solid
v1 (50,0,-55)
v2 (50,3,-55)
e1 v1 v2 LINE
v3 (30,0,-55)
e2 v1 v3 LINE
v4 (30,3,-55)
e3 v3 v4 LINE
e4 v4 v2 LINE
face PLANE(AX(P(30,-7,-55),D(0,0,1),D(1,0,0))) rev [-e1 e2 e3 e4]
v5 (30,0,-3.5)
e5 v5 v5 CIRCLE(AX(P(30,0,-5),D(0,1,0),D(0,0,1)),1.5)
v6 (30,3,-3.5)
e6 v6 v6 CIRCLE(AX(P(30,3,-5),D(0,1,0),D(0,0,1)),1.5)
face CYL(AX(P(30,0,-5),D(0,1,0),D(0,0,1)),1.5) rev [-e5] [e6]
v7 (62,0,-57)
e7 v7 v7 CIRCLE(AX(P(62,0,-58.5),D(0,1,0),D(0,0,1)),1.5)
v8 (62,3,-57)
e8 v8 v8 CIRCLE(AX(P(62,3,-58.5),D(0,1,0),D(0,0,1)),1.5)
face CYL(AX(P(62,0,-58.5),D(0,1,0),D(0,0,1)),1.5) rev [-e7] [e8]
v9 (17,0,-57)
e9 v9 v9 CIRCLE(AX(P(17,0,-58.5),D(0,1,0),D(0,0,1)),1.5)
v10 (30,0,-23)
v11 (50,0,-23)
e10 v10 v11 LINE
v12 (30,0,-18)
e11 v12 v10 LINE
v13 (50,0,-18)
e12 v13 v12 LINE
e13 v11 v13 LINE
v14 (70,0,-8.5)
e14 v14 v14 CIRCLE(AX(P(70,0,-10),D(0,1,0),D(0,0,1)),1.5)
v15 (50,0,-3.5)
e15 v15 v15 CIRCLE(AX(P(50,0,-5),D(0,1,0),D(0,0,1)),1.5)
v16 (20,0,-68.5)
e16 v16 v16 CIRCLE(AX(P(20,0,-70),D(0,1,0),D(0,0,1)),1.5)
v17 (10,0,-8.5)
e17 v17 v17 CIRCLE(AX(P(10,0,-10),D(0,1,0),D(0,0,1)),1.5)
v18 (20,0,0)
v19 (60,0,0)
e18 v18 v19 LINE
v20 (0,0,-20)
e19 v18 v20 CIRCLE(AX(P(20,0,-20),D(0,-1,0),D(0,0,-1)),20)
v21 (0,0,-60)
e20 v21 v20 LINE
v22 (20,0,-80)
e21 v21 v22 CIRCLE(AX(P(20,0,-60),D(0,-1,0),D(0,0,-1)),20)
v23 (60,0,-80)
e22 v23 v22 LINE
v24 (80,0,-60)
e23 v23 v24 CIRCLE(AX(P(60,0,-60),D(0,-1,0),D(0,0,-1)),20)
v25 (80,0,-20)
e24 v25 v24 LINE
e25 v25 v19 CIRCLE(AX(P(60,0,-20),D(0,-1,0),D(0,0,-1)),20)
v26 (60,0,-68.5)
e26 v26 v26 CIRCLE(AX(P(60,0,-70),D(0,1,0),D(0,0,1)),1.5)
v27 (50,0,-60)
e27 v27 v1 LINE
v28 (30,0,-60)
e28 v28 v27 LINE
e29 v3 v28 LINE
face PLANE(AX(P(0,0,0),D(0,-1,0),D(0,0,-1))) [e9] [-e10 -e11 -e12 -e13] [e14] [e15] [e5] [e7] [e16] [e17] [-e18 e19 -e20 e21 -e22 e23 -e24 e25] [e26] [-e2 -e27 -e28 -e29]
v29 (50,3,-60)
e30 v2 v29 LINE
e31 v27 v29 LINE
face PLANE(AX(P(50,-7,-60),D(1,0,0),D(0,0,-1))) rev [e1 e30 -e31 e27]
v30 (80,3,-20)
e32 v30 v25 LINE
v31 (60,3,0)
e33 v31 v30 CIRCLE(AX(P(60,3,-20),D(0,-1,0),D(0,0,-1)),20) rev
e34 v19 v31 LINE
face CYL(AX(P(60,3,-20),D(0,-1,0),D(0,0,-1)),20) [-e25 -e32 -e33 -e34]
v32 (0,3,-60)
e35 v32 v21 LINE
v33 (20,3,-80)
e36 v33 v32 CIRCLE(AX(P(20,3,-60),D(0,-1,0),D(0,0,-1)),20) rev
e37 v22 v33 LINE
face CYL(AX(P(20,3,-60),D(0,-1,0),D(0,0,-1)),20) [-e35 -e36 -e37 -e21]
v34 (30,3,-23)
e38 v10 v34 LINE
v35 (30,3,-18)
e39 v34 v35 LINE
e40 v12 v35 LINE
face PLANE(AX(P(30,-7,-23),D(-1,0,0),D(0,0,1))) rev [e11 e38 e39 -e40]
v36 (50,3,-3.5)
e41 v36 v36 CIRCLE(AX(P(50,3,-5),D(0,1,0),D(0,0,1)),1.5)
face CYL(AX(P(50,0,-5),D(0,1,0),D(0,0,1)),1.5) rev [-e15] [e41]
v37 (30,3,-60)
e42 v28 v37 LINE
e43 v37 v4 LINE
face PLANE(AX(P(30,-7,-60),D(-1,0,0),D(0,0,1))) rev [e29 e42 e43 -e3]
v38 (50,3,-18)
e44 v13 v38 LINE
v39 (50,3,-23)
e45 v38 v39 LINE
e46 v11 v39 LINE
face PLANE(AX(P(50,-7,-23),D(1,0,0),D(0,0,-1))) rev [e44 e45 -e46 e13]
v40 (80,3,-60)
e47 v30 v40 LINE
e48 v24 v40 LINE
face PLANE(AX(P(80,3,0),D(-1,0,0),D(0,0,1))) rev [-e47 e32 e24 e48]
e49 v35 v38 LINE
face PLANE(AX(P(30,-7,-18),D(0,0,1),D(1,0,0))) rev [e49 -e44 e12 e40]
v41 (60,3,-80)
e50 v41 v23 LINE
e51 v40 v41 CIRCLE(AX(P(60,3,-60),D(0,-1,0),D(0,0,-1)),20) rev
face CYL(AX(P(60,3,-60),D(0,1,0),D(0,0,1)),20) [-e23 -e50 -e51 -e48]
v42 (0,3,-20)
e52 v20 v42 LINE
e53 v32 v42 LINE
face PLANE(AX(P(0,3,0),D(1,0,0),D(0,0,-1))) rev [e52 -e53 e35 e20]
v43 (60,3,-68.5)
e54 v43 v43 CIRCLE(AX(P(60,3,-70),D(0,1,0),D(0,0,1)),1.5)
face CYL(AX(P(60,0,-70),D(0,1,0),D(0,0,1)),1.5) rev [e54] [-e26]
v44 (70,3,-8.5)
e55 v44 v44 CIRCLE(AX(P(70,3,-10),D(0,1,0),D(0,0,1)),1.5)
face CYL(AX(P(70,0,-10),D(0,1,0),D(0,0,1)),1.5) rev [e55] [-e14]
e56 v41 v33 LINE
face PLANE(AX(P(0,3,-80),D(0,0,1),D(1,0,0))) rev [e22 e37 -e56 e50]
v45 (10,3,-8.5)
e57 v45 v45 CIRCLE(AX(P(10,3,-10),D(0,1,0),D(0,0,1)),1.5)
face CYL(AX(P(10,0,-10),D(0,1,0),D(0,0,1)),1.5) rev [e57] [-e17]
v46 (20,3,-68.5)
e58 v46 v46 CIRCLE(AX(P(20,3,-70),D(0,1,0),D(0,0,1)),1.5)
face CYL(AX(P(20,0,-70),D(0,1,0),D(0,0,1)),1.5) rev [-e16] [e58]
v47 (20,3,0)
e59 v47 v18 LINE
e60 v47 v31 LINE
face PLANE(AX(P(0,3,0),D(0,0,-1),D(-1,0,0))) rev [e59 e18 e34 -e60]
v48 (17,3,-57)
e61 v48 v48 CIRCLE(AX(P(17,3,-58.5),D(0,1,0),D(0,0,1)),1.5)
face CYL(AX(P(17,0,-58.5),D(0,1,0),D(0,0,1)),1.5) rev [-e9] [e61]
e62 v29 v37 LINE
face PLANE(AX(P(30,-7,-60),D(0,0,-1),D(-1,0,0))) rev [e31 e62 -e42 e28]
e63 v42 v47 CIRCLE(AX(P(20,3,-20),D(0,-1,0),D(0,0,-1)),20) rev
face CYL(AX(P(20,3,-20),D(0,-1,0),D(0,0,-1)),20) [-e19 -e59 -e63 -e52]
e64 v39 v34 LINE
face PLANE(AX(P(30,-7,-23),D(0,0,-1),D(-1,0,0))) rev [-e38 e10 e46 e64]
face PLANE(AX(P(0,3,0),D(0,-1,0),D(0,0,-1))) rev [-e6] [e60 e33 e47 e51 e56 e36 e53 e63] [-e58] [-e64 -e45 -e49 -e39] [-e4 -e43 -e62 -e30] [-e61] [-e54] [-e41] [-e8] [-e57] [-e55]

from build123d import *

# Parameters (mm, degrees)
SKETCH3_W           = 80
SKETCH3_H           = 80
BOSS_EXTRUDE1_DEPTH = 3
FILLET3_R           = 20
FILLET4_R           = 20
FILLET5_R           = 20
FILLET6_R           = 20
SKETCH6_R           = 1.5
CUT_EXTRUDE2_DEPTH  = 3
SKETCH9_R           = 1.5
CUT_EXTRUDE3_DEPTH  = 3
SKETCH12_R          = 1.5
CUT_EXTRUDE6_DEPTH  = 3
SKETCH13_R          = 1.5
CUT_EXTRUDE7_DEPTH  = 3
SKETCH14_W          = 20
SKETCH14_H          = 5
CUT_EXTRUDE8_DEPTH  = 10


with BuildPart() as part:
    # Sketch3 → Boss-Extrude1 (new body)
    with BuildSketch(Plane(origin=(0, 0, 0), x_dir=(1, 0, 0), z_dir=(0, 1, 0))):
        with Locations((40, 40)):
            Rectangle(SKETCH3_W, SKETCH3_H)
    extrude(amount=BOSS_EXTRUDE1_DEPTH)

    # Fillet3
    fillet3_edges = [part.edges().sort_by_distance(p)[0] for p in [
        (0, 1.5, -80),
    ]]
    fillet(fillet3_edges, radius=FILLET3_R)

    # Fillet4
    fillet4_edges = [part.edges().sort_by_distance(p)[0] for p in [
        (80, 1.5, -80),
    ]]
    fillet(fillet4_edges, radius=FILLET4_R)

    # Fillet5
    fillet5_edges = [part.edges().sort_by_distance(p)[0] for p in [
        (80, 1.5, 0),
    ]]
    fillet(fillet5_edges, radius=FILLET5_R)

    # Fillet6
    fillet6_edges = [part.edges().sort_by_distance(p)[0] for p in [
        (0, 1.5, 0),
    ]]
    fillet(fillet6_edges, radius=FILLET6_R)

    # Sketch6 → Cut-Extrude2 (cut)
    with BuildSketch(Plane(origin=(0, 3, 0), x_dir=(1, 0, 0), z_dir=(0, 1, 0))):
        with Locations((17, 58.5)):
            Circle(SKETCH6_R)
        with Locations((62, 58.5)):
            Circle(SKETCH6_R)
    extrude(amount=-CUT_EXTRUDE2_DEPTH, mode=Mode.SUBTRACT)

    # Sketch9 → Cut-Extrude3 (cut)
    with BuildSketch(Plane(origin=(0, 3, 0), x_dir=(1, 0, 0), z_dir=(0, 1, 0))):
        with Locations((70, 10)):
            Circle(SKETCH9_R)
        with Locations((10, 10)):
            Circle(SKETCH9_R)
    extrude(amount=-CUT_EXTRUDE3_DEPTH, mode=Mode.SUBTRACT)

    # Sketch12 → Cut-Extrude6 (cut)
    with BuildSketch(Plane(origin=(0, 3, 0), x_dir=(1, 0, 0), z_dir=(0, 1, 0))):
        with Locations((30, 5)):
            Circle(SKETCH12_R)
        with Locations((50, 5)):
            Circle(SKETCH12_R)
    extrude(amount=-CUT_EXTRUDE6_DEPTH, mode=Mode.SUBTRACT)

    # Sketch13 → Cut-Extrude7 (cut)
    with BuildSketch(Plane(origin=(0, 3, 0), x_dir=(1, 0, 0), z_dir=(0, 1, 0))):
        with Locations((20, 70)):
            Circle(SKETCH13_R)
        with Locations((60, 70)):
            Circle(SKETCH13_R)
    extrude(amount=-CUT_EXTRUDE7_DEPTH, mode=Mode.SUBTRACT)

    # Sketch14 → Cut-Extrude8 (cut)
    with BuildSketch(Plane(origin=(0, 3, 0), x_dir=(1, 0, 0), z_dir=(0, 1, 0))):
        with Locations((40, 57.5)):
            Rectangle(SKETCH14_W, SKETCH14_H)
        with Locations((40, 20.5)):
            Rectangle(SKETCH14_W, SKETCH14_H)
    extrude(amount=-CUT_EXTRUDE8_DEPTH, mode=Mode.SUBTRACT)


solid = part.part
